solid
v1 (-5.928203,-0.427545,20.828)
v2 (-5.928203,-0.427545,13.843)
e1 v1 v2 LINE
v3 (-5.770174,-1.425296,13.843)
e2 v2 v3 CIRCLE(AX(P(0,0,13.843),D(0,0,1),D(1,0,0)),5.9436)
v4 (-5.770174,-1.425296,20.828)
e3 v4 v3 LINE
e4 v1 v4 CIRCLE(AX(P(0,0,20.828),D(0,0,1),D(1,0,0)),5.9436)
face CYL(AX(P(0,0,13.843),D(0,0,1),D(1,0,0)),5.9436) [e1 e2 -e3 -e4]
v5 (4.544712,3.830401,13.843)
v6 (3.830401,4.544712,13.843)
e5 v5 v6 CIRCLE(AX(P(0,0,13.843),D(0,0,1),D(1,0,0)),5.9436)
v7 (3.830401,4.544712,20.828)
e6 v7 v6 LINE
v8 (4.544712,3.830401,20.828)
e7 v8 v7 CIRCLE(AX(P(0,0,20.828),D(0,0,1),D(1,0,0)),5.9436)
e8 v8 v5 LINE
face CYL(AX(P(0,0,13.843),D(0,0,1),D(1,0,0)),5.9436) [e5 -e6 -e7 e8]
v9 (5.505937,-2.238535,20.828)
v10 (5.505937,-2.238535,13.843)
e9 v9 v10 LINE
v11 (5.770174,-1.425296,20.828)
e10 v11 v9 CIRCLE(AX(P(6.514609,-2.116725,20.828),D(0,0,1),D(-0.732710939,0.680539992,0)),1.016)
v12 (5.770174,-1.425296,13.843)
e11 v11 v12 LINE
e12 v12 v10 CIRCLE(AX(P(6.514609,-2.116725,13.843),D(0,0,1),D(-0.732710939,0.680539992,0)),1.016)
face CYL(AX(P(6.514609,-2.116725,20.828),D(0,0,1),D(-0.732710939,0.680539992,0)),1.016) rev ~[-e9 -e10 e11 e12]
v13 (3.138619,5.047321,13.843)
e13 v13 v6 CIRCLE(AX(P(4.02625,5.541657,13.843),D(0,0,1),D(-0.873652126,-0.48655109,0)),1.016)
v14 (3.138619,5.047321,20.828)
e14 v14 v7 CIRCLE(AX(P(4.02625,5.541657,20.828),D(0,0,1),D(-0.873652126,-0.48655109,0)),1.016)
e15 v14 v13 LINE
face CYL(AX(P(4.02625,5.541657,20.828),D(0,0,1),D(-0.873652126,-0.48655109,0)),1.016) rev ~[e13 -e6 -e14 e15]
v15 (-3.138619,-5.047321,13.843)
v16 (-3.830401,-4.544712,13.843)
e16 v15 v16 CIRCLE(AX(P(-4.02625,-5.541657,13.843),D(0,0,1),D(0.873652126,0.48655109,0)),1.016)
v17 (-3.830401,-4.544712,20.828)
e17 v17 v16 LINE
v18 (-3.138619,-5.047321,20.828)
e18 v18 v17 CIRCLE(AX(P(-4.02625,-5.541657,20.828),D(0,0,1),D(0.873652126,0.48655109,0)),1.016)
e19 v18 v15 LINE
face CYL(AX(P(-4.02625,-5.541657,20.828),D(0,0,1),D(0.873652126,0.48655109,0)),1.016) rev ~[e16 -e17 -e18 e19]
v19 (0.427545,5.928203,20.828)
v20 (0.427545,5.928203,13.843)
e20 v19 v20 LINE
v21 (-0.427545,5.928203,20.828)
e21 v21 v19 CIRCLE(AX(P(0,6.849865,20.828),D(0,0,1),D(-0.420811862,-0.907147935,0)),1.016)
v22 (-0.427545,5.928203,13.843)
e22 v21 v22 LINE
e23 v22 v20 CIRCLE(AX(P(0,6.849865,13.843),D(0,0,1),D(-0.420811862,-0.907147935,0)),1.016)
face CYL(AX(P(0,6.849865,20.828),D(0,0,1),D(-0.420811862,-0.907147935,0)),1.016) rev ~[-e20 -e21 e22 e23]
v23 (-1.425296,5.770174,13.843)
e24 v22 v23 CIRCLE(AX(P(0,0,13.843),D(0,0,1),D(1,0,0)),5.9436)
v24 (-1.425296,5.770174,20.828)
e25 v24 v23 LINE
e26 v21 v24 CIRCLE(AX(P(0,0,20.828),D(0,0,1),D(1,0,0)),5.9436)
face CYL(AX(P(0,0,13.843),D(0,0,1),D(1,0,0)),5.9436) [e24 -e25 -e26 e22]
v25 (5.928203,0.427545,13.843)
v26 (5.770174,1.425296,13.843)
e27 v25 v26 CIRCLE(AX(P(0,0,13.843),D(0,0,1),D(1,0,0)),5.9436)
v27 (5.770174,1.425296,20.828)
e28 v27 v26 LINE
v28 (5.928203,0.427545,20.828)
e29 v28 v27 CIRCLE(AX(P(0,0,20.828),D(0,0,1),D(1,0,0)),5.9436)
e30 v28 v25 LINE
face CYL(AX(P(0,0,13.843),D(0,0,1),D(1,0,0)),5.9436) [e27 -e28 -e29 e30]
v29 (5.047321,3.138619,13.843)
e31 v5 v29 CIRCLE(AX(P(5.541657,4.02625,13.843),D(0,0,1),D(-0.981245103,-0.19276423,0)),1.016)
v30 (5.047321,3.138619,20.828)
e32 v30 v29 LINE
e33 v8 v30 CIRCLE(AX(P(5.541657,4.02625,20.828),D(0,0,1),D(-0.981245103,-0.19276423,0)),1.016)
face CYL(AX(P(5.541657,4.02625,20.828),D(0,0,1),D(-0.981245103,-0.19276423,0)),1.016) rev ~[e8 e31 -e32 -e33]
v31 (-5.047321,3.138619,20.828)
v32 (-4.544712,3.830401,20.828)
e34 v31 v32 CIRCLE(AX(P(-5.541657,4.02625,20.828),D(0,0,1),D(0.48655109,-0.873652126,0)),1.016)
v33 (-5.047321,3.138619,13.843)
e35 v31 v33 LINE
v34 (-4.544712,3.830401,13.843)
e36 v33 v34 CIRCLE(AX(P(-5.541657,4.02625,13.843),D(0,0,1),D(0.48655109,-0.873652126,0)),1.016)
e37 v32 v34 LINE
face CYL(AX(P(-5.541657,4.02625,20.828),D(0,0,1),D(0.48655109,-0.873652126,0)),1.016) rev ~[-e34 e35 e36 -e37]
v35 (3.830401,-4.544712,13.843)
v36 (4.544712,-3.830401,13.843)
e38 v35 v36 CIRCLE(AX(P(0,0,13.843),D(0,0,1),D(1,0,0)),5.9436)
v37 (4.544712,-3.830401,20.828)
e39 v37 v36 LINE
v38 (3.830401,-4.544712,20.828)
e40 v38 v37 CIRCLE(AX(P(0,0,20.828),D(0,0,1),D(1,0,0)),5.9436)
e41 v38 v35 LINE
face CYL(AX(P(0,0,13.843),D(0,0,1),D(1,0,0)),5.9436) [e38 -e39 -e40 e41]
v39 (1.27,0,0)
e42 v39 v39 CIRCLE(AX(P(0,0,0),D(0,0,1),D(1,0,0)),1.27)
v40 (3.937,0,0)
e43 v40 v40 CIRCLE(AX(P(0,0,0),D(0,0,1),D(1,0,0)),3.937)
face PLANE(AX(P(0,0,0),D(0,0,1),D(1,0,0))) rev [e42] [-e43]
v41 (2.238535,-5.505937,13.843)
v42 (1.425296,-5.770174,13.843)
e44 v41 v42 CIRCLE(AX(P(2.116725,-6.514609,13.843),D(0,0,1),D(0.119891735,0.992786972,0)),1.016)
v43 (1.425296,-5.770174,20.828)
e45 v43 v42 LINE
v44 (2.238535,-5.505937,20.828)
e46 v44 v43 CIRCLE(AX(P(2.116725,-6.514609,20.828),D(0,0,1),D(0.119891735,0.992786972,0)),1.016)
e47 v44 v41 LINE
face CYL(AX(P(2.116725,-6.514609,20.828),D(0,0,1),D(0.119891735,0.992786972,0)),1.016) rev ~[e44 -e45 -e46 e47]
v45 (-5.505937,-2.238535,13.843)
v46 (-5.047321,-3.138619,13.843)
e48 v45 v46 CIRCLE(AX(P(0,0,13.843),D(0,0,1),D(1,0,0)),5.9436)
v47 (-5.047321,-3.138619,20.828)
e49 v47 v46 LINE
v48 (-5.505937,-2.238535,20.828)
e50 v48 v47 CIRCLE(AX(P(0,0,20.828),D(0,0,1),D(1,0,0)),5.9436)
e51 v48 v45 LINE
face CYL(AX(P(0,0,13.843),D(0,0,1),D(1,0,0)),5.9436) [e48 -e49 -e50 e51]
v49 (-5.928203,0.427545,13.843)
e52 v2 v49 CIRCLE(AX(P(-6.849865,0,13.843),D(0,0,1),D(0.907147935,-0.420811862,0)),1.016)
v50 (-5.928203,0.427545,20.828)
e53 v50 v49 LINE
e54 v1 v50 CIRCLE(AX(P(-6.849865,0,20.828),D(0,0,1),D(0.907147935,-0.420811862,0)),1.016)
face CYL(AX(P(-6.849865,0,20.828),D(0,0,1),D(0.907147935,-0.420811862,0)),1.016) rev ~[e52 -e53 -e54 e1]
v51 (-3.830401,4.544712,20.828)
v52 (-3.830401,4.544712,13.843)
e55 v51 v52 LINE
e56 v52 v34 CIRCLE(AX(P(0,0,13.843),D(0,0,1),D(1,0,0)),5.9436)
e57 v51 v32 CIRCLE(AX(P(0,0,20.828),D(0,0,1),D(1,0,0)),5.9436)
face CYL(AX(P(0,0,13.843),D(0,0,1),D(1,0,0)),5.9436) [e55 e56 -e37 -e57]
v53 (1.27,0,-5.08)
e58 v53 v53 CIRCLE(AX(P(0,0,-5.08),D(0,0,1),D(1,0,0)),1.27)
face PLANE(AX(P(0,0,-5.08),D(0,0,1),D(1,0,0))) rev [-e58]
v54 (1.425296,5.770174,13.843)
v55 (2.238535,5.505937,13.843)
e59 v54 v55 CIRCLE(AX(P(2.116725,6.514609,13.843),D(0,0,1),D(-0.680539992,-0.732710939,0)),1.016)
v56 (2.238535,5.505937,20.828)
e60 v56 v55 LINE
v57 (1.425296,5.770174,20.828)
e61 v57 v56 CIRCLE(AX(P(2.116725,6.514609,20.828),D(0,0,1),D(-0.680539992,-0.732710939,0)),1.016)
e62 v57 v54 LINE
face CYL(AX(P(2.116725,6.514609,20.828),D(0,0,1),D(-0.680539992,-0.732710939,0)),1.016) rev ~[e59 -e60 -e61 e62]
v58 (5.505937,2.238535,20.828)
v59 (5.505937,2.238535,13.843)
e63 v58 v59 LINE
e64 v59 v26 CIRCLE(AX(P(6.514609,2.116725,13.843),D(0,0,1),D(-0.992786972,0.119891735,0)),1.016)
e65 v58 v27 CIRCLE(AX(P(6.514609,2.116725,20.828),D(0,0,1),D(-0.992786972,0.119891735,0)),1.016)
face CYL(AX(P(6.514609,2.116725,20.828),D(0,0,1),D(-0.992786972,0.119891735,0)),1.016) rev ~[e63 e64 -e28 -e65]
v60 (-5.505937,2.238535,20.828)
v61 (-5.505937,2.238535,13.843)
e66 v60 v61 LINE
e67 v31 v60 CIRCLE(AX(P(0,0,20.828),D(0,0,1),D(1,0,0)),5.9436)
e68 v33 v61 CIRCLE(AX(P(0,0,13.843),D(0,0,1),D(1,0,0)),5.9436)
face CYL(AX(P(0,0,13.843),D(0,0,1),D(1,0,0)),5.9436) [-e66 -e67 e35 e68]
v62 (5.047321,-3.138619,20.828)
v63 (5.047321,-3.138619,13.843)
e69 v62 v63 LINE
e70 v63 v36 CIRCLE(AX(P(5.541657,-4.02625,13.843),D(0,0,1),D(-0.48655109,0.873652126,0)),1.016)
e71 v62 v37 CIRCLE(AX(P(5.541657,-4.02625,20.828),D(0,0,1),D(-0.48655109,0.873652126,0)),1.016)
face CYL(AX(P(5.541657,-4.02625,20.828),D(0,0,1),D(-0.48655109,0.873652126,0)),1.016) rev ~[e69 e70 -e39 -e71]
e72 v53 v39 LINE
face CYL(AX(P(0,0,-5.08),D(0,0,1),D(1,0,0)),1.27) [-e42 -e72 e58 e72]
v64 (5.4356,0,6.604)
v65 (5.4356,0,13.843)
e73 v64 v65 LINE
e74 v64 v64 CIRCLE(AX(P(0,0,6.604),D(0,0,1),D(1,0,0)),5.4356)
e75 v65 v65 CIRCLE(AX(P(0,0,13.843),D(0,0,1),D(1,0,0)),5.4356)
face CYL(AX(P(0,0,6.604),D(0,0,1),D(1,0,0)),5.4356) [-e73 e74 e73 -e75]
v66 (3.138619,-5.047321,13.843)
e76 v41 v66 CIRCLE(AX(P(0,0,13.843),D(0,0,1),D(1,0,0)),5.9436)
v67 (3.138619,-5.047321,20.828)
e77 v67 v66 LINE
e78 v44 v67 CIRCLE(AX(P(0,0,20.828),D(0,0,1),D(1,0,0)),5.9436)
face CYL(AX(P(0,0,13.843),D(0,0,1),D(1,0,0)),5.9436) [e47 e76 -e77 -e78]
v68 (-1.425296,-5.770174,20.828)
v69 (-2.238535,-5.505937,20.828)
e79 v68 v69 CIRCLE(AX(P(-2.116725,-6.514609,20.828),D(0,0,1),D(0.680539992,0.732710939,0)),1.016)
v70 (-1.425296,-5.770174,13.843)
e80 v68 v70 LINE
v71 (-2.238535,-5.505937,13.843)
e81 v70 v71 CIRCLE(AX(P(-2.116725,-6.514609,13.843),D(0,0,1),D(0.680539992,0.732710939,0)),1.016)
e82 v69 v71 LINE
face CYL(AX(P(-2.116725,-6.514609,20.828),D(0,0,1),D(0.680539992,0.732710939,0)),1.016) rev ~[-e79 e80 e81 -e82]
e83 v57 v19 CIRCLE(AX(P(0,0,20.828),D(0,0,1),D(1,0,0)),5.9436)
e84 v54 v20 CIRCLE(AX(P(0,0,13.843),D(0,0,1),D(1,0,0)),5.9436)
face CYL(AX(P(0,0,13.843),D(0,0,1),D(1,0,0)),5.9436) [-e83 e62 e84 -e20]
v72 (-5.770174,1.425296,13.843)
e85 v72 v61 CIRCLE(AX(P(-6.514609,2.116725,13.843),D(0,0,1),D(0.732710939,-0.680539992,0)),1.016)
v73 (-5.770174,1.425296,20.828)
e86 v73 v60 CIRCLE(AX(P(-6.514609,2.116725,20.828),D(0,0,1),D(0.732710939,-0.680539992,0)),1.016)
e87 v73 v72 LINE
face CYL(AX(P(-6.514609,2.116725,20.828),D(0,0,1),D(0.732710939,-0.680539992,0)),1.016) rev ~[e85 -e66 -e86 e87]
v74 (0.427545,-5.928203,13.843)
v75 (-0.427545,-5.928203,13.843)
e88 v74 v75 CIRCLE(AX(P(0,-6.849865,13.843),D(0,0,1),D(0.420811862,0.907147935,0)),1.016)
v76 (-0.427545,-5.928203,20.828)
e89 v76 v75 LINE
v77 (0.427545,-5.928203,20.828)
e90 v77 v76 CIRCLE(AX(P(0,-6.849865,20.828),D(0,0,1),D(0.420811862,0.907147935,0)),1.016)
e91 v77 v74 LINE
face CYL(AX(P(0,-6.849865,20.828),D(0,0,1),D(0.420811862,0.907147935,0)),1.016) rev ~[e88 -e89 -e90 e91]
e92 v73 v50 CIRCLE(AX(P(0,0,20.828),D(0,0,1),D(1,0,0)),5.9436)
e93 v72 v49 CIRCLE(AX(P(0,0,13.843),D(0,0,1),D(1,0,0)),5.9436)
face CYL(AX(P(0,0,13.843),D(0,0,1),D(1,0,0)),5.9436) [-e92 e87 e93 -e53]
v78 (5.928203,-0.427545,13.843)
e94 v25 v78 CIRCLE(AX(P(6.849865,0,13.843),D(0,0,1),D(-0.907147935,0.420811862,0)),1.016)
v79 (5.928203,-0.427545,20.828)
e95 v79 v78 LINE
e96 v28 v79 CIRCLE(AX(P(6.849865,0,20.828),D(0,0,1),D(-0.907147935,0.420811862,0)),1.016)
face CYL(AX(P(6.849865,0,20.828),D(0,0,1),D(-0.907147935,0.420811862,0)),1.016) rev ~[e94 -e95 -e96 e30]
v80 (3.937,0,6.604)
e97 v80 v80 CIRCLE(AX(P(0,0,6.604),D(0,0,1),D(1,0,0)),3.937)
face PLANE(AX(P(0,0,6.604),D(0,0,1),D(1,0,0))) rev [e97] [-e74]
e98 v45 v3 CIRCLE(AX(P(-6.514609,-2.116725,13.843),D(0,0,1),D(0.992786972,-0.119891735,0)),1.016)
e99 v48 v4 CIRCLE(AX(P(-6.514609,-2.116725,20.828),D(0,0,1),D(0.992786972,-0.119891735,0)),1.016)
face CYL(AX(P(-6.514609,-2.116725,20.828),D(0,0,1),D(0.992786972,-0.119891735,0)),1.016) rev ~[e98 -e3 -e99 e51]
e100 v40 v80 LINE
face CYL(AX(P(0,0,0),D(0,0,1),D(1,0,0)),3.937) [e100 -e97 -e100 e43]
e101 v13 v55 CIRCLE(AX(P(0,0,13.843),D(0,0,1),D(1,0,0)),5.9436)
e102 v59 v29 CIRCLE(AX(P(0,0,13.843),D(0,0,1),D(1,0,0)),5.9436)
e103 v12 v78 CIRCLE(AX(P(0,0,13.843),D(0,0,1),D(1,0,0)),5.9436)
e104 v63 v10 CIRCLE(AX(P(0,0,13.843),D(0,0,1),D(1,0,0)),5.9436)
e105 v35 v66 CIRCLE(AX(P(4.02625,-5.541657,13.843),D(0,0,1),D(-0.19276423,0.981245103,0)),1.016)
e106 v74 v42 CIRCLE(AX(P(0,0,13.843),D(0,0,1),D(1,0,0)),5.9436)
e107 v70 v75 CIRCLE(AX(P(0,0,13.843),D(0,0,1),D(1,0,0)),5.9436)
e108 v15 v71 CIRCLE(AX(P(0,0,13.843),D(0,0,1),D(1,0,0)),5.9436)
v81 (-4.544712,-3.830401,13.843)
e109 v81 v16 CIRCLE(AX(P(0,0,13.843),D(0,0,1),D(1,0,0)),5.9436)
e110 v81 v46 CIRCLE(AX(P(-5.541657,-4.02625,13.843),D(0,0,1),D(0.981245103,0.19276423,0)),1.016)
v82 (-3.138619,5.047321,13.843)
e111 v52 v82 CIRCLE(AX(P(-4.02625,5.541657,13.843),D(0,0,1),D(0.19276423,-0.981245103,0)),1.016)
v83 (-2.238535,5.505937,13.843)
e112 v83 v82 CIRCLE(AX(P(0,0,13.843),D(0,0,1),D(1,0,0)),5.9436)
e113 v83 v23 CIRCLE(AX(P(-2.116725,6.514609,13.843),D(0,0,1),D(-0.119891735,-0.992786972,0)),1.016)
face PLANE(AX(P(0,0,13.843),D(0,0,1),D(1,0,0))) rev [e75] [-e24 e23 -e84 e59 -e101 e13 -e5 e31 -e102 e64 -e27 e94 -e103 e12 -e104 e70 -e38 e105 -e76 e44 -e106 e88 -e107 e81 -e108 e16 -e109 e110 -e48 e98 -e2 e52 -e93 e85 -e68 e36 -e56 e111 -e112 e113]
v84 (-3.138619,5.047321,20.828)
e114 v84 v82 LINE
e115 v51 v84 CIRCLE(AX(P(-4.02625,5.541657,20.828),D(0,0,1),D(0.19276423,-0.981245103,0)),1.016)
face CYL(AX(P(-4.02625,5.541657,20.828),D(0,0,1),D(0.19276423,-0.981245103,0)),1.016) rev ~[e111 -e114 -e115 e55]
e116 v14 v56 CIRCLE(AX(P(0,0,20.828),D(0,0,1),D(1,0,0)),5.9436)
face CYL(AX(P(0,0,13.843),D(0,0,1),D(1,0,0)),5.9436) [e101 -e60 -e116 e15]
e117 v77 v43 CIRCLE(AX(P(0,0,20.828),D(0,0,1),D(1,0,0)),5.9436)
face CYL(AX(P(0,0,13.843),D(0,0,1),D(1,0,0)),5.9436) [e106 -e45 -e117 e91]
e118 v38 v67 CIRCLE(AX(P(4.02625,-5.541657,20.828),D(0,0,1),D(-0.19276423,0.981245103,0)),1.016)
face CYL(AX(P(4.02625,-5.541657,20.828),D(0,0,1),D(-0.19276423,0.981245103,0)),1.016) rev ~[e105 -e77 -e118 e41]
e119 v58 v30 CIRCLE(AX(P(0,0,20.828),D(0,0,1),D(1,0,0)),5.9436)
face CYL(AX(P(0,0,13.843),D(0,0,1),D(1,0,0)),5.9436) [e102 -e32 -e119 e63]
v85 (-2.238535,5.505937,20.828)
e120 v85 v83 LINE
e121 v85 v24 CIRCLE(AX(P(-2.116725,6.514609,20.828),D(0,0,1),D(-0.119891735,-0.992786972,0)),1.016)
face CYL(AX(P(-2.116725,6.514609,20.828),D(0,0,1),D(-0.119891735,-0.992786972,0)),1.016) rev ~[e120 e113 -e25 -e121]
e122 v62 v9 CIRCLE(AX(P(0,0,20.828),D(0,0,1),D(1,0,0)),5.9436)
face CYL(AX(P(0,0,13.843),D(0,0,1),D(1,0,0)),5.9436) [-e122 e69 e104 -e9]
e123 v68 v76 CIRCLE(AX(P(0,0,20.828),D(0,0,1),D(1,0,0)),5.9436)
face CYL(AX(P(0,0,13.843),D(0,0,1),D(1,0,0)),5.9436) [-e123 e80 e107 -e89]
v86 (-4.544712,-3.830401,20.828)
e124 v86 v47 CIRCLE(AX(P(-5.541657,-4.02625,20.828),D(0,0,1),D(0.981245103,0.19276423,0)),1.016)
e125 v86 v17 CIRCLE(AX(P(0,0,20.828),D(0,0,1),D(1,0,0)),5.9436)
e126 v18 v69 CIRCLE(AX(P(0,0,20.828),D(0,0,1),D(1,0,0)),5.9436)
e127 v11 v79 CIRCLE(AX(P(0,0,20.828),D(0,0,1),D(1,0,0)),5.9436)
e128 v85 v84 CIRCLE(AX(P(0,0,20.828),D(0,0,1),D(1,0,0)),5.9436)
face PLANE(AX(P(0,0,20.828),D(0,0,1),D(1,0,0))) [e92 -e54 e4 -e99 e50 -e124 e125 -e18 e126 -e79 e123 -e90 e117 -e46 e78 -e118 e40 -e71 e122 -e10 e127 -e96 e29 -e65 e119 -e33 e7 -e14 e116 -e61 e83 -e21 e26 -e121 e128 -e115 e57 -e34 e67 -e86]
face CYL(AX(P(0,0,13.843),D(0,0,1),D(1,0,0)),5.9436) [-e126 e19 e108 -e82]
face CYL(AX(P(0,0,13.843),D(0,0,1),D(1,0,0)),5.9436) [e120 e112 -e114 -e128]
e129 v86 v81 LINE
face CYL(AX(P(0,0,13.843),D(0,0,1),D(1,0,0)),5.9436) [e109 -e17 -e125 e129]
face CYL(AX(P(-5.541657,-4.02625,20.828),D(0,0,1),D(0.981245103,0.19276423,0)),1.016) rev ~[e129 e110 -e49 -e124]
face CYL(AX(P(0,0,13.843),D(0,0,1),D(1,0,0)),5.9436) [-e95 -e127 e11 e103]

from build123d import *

# Parameters (mm, degrees)
F3_DEPTH = 25.909


with BuildPart() as f1:
    # F0 (on Front) → F1 (revolve)
    with BuildSketch(Plane.XZ):
        Polygon((5.9436, 20.828), (0, 20.828), (0, -5.08), (1.27, -5.08), (1.27, 0), (3.937, 0), (3.937, 6.604), (5.4356, 6.604), (5.4356, 13.843), (5.9436, 13.843), align=None)
    revolve(axis=Axis((0, 0, 29.5392621774), (0, 0, 1)))

    # F2 (on face) → F3 (cut, through all)
    with BuildSketch(Plane.XY.offset(20.828)):
        with BuildLine():
            ThreePointArc((-0.4275448519, 5.9282026247), (0, 5.8338649271), (0.4275448519, 5.9282026247))
            ThreePointArc((0.4275448519, 5.9282026247), (0, 5.9436), (-0.4275448519, 5.9282026247))
        make_face()
        with BuildLine():
            ThreePointArc((-1.4252960397, 5.7701743612), (-1.8366734078, 5.6526995103), (-2.2385346746, 5.505937111))
            ThreePointArc((-2.2385346746, 5.505937111), (-1.8027634054, 5.5483352541), (-1.4252960397, 5.7701743612))
        make_face()
        with BuildLine():
            ThreePointArc((-3.1386190243, 5.0473212281), (-3.4935604255, 4.8084734078), (-3.8304011265, 4.5447121108))
            ThreePointArc((-3.8304011265, 4.5447121108), (-3.429059768, 4.7196958689), (-3.1386190243, 5.0473212281))
        make_face()
        with BuildLine():
            ThreePointArc((-4.5447121108, 3.8304011265), (-4.8084734078, 3.4935604255), (-5.0473212281, 3.1386190243))
            ThreePointArc((-5.0473212281, 3.1386190243), (-4.7196958689, 3.429059768), (-4.5447121108, 3.8304011265))
        make_face()
        with BuildLine():
            ThreePointArc((-5.505937111, 2.2385346746), (-5.6526995103, 1.8366734078), (-5.7701743612, 1.4252960397))
            ThreePointArc((-5.7701743612, 1.4252960397), (-5.5483352541, 1.8027634054), (-5.505937111, 2.2385346746))
        make_face()
        with BuildLine():
            ThreePointArc((-5.9282026247, 0.4275448519), (-5.9436, 0), (-5.9282026247, -0.4275448519))
            ThreePointArc((-5.9282026247, -0.4275448519), (-5.8338649271, 0), (-5.9282026247, 0.4275448519))
        make_face()
        with BuildLine():
            ThreePointArc((-5.7701743612, -1.4252960397), (-5.6526995103, -1.8366734078), (-5.505937111, -2.2385346746))
            ThreePointArc((-5.505937111, -2.2385346746), (-5.5483352541, -1.8027634054), (-5.7701743612, -1.4252960397))
        make_face()
        with BuildLine():
            ThreePointArc((-5.0473212281, -3.1386190243), (-4.8084734078, -3.4935604255), (-4.5447121108, -3.8304011265))
            ThreePointArc((-4.5447121108, -3.8304011265), (-4.7196958689, -3.429059768), (-5.0473212281, -3.1386190243))
        make_face()
        with BuildLine():
            ThreePointArc((-3.8304011265, -4.5447121108), (-3.4935604255, -4.8084734078), (-3.1386190243, -5.0473212281))
            ThreePointArc((-3.1386190243, -5.0473212281), (-3.429059768, -4.7196958689), (-3.8304011265, -4.5447121108))
        make_face()
        with BuildLine():
            ThreePointArc((-2.2385346746, -5.505937111), (-1.8366734078, -5.6526995103), (-1.4252960397, -5.7701743612))
            ThreePointArc((-1.4252960397, -5.7701743612), (-1.8027634054, -5.5483352541), (-2.2385346746, -5.505937111))
        make_face()
        with BuildLine():
            ThreePointArc((-0.4275448519, -5.9282026247), (0, -5.9436), (0.4275448519, -5.9282026247))
            ThreePointArc((0.4275448519, -5.9282026247), (0, -5.8338649271), (-0.4275448519, -5.9282026247))
        make_face()
        with BuildLine():
            ThreePointArc((1.4252960397, -5.7701743612), (1.8366734078, -5.6526995103), (2.2385346746, -5.505937111))
            ThreePointArc((2.2385346746, -5.505937111), (1.8027634054, -5.5483352541), (1.4252960397, -5.7701743612))
        make_face()
        with BuildLine():
            ThreePointArc((3.1386190243, -5.0473212281), (3.4935604255, -4.8084734078), (3.8304011265, -4.5447121108))
            ThreePointArc((3.8304011265, -4.5447121108), (3.429059768, -4.7196958689), (3.1386190243, -5.0473212281))
        make_face()
        with BuildLine():
            ThreePointArc((4.5447121108, -3.8304011265), (4.8084734078, -3.4935604255), (5.0473212281, -3.1386190243))
            ThreePointArc((5.0473212281, -3.1386190243), (4.7196958689, -3.429059768), (4.5447121108, -3.8304011265))
        make_face()
        with BuildLine():
            ThreePointArc((5.505937111, -2.2385346746), (5.6526995103, -1.8366734078), (5.7701743612, -1.4252960397))
            ThreePointArc((5.7701743612, -1.4252960397), (5.5483352541, -1.8027634054), (5.505937111, -2.2385346746))
        make_face()
        with BuildLine():
            ThreePointArc((5.9282026247, -0.4275448519), (5.9436, 0), (5.9282026247, 0.4275448519))
            ThreePointArc((5.9282026247, 0.4275448519), (5.8338649271, 0), (5.9282026247, -0.4275448519))
        make_face()
        with BuildLine():
            ThreePointArc((5.7701743612, 1.4252960397), (5.6526995103, 1.8366734078), (5.505937111, 2.2385346746))
            ThreePointArc((5.505937111, 2.2385346746), (5.5483352541, 1.8027634054), (5.7701743612, 1.4252960397))
        make_face()
        with BuildLine():
            ThreePointArc((5.0473212281, 3.1386190243), (4.8084734078, 3.4935604255), (4.5447121108, 3.8304011265))
            ThreePointArc((4.5447121108, 3.8304011265), (4.7196958689, 3.429059768), (5.0473212281, 3.1386190243))
        make_face()
        with BuildLine():
            ThreePointArc((3.8304011265, 4.5447121108), (3.4935604255, 4.8084734078), (3.1386190243, 5.0473212281))
            ThreePointArc((3.1386190243, 5.0473212281), (3.429059768, 4.7196958689), (3.8304011265, 4.5447121108))
        make_face()
        with BuildLine():
            ThreePointArc((2.2385346746, 5.505937111), (1.8366734078, 5.6526995103), (1.4252960397, 5.7701743612))
            ThreePointArc((1.4252960397, 5.7701743612), (1.8027634054, 5.5483352541), (2.2385346746, 5.505937111))
        make_face()
    extrude(amount=-F3_DEPTH, mode=Mode.SUBTRACT)


solid = f1.part
